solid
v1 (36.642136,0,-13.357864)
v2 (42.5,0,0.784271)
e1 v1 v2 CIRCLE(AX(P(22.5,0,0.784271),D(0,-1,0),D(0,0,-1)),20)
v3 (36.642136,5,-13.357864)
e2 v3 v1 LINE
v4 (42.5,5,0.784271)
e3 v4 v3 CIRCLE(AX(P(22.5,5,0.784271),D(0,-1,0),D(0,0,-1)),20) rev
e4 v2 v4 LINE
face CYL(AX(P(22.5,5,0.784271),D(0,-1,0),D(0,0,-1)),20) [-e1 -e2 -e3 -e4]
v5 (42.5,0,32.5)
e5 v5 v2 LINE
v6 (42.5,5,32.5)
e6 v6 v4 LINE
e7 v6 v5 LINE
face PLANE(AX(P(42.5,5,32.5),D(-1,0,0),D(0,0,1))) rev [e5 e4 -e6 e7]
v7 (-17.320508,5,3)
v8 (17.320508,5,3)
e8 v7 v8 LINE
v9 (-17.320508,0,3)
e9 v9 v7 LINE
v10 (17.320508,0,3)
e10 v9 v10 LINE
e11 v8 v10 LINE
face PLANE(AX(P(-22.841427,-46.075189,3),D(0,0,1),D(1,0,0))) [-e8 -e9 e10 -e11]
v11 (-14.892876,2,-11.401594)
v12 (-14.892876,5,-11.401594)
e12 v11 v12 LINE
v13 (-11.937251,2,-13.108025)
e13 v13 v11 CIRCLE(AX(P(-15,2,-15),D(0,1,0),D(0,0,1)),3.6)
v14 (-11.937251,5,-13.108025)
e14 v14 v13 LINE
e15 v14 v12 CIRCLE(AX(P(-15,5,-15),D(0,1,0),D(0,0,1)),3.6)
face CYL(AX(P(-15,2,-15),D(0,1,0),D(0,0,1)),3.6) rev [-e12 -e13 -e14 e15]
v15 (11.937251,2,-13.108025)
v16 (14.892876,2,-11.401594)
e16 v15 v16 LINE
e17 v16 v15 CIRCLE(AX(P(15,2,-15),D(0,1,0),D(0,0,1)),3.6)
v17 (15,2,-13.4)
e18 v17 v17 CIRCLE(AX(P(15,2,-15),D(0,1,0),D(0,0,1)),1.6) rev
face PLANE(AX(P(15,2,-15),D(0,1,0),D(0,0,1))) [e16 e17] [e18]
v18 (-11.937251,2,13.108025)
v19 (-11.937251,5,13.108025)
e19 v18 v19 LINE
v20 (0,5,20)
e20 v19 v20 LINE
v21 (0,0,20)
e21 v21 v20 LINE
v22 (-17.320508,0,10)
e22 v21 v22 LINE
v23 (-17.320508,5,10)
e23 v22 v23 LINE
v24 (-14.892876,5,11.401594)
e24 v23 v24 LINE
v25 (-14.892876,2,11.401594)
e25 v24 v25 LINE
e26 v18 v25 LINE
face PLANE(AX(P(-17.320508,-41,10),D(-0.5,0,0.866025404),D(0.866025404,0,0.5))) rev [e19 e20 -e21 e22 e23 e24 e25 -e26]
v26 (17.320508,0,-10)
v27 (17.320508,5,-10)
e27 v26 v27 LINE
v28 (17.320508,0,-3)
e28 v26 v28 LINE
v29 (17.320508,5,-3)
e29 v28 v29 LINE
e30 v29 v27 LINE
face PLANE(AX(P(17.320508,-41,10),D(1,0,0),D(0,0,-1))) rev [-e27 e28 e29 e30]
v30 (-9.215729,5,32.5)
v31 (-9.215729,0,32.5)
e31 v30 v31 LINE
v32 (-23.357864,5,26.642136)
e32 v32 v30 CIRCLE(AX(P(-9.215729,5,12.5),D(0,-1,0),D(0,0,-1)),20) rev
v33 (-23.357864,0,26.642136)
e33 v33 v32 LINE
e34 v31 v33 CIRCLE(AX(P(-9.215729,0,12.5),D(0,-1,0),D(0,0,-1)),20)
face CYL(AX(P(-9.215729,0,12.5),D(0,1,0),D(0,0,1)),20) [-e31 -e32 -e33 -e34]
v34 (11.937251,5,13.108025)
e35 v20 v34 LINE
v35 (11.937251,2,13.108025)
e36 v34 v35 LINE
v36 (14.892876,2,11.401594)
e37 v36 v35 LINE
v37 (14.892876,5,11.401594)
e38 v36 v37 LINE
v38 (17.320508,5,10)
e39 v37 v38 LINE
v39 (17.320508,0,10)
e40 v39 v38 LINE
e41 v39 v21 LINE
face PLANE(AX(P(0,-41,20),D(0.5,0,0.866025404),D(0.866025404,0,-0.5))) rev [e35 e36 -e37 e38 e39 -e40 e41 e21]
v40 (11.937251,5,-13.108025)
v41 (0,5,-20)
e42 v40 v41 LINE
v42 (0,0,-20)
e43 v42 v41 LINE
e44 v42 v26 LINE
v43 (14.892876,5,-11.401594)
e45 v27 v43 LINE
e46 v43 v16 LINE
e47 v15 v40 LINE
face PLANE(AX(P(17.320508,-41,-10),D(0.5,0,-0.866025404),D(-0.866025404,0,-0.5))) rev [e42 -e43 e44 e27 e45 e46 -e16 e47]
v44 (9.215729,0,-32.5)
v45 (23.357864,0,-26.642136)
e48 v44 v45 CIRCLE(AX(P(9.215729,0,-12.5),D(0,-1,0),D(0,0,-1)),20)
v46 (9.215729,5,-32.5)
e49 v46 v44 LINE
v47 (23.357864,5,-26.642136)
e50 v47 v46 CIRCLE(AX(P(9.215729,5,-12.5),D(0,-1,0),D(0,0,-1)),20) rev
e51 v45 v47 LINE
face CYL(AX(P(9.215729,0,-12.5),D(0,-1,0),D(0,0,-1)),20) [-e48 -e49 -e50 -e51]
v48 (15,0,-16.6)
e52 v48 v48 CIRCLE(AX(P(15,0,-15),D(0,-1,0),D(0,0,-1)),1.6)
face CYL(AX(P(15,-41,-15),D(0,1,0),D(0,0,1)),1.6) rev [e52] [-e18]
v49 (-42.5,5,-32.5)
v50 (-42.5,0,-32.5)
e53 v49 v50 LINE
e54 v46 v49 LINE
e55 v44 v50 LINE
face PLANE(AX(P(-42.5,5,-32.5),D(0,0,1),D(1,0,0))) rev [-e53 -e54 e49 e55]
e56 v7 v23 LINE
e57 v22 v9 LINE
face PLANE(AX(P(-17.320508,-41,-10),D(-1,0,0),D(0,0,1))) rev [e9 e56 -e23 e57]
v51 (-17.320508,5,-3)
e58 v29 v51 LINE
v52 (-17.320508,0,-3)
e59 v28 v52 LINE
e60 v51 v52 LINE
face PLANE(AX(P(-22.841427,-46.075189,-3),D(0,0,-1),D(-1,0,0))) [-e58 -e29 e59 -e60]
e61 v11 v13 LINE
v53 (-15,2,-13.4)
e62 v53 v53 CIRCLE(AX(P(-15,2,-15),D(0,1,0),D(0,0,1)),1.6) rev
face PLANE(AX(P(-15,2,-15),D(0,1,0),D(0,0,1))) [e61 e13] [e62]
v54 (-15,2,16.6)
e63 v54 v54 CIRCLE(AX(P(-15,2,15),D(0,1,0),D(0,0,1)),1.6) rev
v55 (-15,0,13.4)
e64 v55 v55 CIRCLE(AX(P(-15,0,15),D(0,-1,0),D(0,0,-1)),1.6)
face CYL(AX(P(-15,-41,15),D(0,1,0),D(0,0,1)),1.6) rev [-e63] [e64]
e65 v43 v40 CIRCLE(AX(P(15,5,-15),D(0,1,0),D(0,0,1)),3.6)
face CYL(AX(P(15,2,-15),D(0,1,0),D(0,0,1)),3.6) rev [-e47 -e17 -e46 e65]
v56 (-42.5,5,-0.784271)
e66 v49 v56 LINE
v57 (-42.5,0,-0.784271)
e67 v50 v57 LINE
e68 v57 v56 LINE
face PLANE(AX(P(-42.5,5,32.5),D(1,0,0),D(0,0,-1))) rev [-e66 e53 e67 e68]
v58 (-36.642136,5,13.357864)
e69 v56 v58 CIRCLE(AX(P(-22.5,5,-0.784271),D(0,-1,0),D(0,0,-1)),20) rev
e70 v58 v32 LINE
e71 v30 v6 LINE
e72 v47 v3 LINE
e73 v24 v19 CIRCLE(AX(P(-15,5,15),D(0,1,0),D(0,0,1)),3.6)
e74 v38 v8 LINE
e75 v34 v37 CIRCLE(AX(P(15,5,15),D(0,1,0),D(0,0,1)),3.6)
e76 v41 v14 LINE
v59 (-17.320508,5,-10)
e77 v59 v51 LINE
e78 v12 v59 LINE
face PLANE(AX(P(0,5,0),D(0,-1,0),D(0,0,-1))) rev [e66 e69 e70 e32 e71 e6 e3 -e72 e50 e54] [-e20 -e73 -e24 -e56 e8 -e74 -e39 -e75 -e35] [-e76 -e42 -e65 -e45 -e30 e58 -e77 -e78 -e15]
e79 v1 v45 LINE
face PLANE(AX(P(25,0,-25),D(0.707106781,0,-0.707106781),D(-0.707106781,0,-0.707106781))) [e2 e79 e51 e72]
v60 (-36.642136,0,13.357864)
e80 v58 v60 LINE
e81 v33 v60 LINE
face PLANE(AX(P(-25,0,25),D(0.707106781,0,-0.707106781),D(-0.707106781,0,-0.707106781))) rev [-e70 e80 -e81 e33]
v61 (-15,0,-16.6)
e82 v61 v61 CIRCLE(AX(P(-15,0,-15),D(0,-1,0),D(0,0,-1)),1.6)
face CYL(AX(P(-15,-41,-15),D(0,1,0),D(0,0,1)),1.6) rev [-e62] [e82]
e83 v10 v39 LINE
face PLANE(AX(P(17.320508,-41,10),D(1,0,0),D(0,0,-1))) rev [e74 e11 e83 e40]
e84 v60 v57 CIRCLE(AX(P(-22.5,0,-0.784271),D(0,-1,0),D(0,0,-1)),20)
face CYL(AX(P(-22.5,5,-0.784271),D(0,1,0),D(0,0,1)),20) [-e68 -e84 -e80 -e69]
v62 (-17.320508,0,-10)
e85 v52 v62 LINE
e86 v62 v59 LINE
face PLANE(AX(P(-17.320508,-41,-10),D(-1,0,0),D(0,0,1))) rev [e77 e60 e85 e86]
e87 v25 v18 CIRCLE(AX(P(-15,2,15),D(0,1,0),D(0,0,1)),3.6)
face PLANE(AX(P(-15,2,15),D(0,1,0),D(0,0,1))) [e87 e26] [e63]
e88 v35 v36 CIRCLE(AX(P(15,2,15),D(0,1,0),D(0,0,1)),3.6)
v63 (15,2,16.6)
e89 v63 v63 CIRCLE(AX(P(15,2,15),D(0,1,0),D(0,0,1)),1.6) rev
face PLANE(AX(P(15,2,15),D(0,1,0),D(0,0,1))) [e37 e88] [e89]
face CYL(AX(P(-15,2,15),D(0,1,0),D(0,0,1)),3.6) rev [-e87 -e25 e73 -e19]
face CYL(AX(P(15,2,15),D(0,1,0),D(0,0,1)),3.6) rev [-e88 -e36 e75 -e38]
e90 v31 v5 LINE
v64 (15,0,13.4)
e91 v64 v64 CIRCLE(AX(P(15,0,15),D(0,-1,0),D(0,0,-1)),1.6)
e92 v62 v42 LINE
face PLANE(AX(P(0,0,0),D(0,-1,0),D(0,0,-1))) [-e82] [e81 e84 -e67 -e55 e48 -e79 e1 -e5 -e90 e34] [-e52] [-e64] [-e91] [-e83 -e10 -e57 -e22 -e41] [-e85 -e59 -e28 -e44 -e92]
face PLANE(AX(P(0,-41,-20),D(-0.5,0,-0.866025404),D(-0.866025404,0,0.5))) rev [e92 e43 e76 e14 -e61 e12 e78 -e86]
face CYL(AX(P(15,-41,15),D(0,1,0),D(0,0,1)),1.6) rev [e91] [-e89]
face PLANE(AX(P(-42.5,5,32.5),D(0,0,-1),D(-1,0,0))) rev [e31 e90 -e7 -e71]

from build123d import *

# Parameters (mm, degrees)
SKETCH1_W           = 85
SKETCH1_H           = 65
BOSS_EXTRUDE1_DEPTH = 5
CUT_EXTRUDE1_DEPTH  = 46
CUT_EXTRUDE2_DEPTH  = 46
SKETCH5_W           = 45.682853102
SKETCH5_H           = 6
BOSS_EXTRUDE3_DEPTH = 5
SKETCH6_R           = 3.6
CUT_EXTRUDE3_DEPTH  = 3
CUT_EXTRUDE4_DEPTH  = 5
FILLET1_R           = 20


with BuildPart() as part:
    # Sketch1 → Boss-Extrude1 (new body)
    with BuildSketch(Plane(origin=(0, 0, 0), x_dir=(1, 0, 0), z_dir=(0, 1, 0))):
        Rectangle(SKETCH1_W, SKETCH1_H)
    extrude(amount=BOSS_EXTRUDE1_DEPTH)

    # Sketch3 → Cut-Extrude1 (cut)
    with BuildSketch(Plane(origin=(0, 5, 0), x_dir=(1, 0, 0), z_dir=(0, 1, 0))):
        with BuildLine():
            ThreePointArc((-13.4, 15), (-16.13137085, 16.13137085), (-15, 13.4))
            Line((-15, 13.4), (-15, 15))
            Line((-15, 15), (-13.4, 15))
        make_face()
        with BuildLine():
            Line((-15, 15), (-15, 13.4))
            ThreePointArc((-15, 13.4), (-13.86862915, 13.86862915), (-13.4, 15))
            Line((-13.4, 15), (-15, 15))
        make_face()
        with BuildLine():
            ThreePointArc((-13.4, 15), (-16.13137085, 16.13137085), (-15, 13.4))
            Line((-15, 13.4), (-15, 15))
            Line((-15, 15), (-13.4, 15))
        make_face()
        with BuildLine():
            Line((-15, 15), (-15, 13.4))
            ThreePointArc((-15, 13.4), (-13.86862915, 13.86862915), (-13.4, 15))
            Line((-13.4, 15), (-15, 15))
        make_face()
        with BuildLine():
            ThreePointArc((13.4, 15), (13.86862915, 13.86862915), (15, 13.4))
            Line((15, 13.4), (15, 15))
            Line((15, 15), (13.4, 15))
        make_face()
        with BuildLine():
            Line((15, 15), (15, 13.4))
            ThreePointArc((15, 13.4), (16.13137085, 13.86862915), (16.6, 15))
            ThreePointArc((16.6, 15), (15, 16.6), (13.4, 15))
            Line((13.4, 15), (15, 15))
        make_face()
        with BuildLine():
            ThreePointArc((13.4, 15), (13.86862915, 13.86862915), (15, 13.4))
            Line((15, 13.4), (15, 15))
            Line((15, 15), (13.4, 15))
        make_face()
        with BuildLine():
            Line((15, 15), (15, 13.4))
            ThreePointArc((15, 13.4), (16.13137085, 13.86862915), (16.6, 15))
            ThreePointArc((16.6, 15), (15, 16.6), (13.4, 15))
            Line((13.4, 15), (15, 15))
        make_face()
        with BuildLine():
            Line((-15, -13.4), (-15, -15))
            Line((-15, -15), (-13.4, -15))
            ThreePointArc((-13.4, -15), (-13.86862915, -13.86862915), (-15, -13.4))
        make_face()
        with BuildLine():
            Line((-13.4, -15), (-15, -15))
            Line((-15, -15), (-15, -13.4))
            ThreePointArc((-15, -13.4), (-16.13137085, -16.13137085), (-13.4, -15))
        make_face()
        with BuildLine():
            Line((-15, -13.4), (-15, -15))
            Line((-15, -15), (-13.4, -15))
            ThreePointArc((-13.4, -15), (-13.86862915, -13.86862915), (-15, -13.4))
        make_face()
        with BuildLine():
            Line((-13.4, -15), (-15, -15))
            Line((-15, -15), (-15, -13.4))
            ThreePointArc((-15, -13.4), (-16.13137085, -16.13137085), (-13.4, -15))
        make_face()
        with BuildLine():
            ThreePointArc((15, -13.4), (13.86862915, -13.86862915), (13.4, -15))
            Line((13.4, -15), (15, -15))
            Line((15, -15), (15, -13.4))
        make_face()
        with BuildLine():
            Line((15, -15), (13.4, -15))
            ThreePointArc((13.4, -15), (15, -16.6), (16.6, -15))
            ThreePointArc((16.6, -15), (16.13137085, -13.86862915), (15, -13.4))
            Line((15, -13.4), (15, -15))
        make_face()
        with BuildLine():
            ThreePointArc((15, -13.4), (13.86862915, -13.86862915), (13.4, -15))
            Line((13.4, -15), (15, -15))
            Line((15, -15), (15, -13.4))
        make_face()
        with BuildLine():
            Line((15, -15), (13.4, -15))
            ThreePointArc((13.4, -15), (15, -16.6), (16.6, -15))
            ThreePointArc((16.6, -15), (16.13137085, -13.86862915), (15, -13.4))
            Line((15, -13.4), (15, -15))
        make_face()
    extrude(amount=-CUT_EXTRUDE1_DEPTH, mode=Mode.SUBTRACT)

    # Sketch4 → Cut-Extrude2 (cut)
    with BuildSketch(Plane(origin=(0, 5, 0), x_dir=(1, 0, 0), z_dir=(0, 1, 0))):
        Polygon((0, -20), (17.320508076, -10), (17.320508076, 10), (0, 20), (-17.320508076, 10), (-17.320508076, -10), align=None)
    extrude(amount=-CUT_EXTRUDE2_DEPTH, mode=Mode.SUBTRACT)

    # Sketch5 → Boss-Extrude3 (add)
    with BuildSketch(Plane(origin=(0, 5, 0), x_dir=(1, 0, 0), z_dir=(0, 1, 0))):
        Rectangle(SKETCH5_W, SKETCH5_H)
    extrude(amount=-BOSS_EXTRUDE3_DEPTH)

    # Sketch6 → Cut-Extrude3 (cut)
    with BuildSketch(Plane(origin=(0, 5, 0), x_dir=(1, 0, 0), z_dir=(0, 1, 0))):
        with Locations((-15, 15)):
            Circle(SKETCH6_R)
        with Locations((15, 15)):
            Circle(SKETCH6_R)
        with Locations((-15, -15)):
            Circle(SKETCH6_R)
        with Locations((15, -15)):
            Circle(SKETCH6_R)
    extrude(amount=-CUT_EXTRUDE3_DEPTH, mode=Mode.SUBTRACT)

    # Sketch7 → Cut-Extrude4 (cut, symmetric)
    with BuildSketch(Plane(origin=(0, 5, 0), x_dir=(1, 0, 0), z_dir=(0, 1, 0))):
        Polygon((17.5, 32.5), (42.5, 7.5), (42.5, 32.5), align=None)
        Polygon((-42.5, -32.5), (-17.5, -32.5), (-42.5, -7.5), align=None)
    extrude(amount=CUT_EXTRUDE4_DEPTH, both=True, mode=Mode.SUBTRACT)

    # Fillet1
    fillet1_edges = [part.edges().sort_by_distance(p)[0] for p in [
        (42.5, 2.5, -7.5),
        (17.5, 2.5, -32.5),
        (-17.5, 2.5, 32.5),
        (-42.5, 2.5, 7.5),
    ]]
    fillet(fillet1_edges, radius=FILLET1_R)


solid = part.part
